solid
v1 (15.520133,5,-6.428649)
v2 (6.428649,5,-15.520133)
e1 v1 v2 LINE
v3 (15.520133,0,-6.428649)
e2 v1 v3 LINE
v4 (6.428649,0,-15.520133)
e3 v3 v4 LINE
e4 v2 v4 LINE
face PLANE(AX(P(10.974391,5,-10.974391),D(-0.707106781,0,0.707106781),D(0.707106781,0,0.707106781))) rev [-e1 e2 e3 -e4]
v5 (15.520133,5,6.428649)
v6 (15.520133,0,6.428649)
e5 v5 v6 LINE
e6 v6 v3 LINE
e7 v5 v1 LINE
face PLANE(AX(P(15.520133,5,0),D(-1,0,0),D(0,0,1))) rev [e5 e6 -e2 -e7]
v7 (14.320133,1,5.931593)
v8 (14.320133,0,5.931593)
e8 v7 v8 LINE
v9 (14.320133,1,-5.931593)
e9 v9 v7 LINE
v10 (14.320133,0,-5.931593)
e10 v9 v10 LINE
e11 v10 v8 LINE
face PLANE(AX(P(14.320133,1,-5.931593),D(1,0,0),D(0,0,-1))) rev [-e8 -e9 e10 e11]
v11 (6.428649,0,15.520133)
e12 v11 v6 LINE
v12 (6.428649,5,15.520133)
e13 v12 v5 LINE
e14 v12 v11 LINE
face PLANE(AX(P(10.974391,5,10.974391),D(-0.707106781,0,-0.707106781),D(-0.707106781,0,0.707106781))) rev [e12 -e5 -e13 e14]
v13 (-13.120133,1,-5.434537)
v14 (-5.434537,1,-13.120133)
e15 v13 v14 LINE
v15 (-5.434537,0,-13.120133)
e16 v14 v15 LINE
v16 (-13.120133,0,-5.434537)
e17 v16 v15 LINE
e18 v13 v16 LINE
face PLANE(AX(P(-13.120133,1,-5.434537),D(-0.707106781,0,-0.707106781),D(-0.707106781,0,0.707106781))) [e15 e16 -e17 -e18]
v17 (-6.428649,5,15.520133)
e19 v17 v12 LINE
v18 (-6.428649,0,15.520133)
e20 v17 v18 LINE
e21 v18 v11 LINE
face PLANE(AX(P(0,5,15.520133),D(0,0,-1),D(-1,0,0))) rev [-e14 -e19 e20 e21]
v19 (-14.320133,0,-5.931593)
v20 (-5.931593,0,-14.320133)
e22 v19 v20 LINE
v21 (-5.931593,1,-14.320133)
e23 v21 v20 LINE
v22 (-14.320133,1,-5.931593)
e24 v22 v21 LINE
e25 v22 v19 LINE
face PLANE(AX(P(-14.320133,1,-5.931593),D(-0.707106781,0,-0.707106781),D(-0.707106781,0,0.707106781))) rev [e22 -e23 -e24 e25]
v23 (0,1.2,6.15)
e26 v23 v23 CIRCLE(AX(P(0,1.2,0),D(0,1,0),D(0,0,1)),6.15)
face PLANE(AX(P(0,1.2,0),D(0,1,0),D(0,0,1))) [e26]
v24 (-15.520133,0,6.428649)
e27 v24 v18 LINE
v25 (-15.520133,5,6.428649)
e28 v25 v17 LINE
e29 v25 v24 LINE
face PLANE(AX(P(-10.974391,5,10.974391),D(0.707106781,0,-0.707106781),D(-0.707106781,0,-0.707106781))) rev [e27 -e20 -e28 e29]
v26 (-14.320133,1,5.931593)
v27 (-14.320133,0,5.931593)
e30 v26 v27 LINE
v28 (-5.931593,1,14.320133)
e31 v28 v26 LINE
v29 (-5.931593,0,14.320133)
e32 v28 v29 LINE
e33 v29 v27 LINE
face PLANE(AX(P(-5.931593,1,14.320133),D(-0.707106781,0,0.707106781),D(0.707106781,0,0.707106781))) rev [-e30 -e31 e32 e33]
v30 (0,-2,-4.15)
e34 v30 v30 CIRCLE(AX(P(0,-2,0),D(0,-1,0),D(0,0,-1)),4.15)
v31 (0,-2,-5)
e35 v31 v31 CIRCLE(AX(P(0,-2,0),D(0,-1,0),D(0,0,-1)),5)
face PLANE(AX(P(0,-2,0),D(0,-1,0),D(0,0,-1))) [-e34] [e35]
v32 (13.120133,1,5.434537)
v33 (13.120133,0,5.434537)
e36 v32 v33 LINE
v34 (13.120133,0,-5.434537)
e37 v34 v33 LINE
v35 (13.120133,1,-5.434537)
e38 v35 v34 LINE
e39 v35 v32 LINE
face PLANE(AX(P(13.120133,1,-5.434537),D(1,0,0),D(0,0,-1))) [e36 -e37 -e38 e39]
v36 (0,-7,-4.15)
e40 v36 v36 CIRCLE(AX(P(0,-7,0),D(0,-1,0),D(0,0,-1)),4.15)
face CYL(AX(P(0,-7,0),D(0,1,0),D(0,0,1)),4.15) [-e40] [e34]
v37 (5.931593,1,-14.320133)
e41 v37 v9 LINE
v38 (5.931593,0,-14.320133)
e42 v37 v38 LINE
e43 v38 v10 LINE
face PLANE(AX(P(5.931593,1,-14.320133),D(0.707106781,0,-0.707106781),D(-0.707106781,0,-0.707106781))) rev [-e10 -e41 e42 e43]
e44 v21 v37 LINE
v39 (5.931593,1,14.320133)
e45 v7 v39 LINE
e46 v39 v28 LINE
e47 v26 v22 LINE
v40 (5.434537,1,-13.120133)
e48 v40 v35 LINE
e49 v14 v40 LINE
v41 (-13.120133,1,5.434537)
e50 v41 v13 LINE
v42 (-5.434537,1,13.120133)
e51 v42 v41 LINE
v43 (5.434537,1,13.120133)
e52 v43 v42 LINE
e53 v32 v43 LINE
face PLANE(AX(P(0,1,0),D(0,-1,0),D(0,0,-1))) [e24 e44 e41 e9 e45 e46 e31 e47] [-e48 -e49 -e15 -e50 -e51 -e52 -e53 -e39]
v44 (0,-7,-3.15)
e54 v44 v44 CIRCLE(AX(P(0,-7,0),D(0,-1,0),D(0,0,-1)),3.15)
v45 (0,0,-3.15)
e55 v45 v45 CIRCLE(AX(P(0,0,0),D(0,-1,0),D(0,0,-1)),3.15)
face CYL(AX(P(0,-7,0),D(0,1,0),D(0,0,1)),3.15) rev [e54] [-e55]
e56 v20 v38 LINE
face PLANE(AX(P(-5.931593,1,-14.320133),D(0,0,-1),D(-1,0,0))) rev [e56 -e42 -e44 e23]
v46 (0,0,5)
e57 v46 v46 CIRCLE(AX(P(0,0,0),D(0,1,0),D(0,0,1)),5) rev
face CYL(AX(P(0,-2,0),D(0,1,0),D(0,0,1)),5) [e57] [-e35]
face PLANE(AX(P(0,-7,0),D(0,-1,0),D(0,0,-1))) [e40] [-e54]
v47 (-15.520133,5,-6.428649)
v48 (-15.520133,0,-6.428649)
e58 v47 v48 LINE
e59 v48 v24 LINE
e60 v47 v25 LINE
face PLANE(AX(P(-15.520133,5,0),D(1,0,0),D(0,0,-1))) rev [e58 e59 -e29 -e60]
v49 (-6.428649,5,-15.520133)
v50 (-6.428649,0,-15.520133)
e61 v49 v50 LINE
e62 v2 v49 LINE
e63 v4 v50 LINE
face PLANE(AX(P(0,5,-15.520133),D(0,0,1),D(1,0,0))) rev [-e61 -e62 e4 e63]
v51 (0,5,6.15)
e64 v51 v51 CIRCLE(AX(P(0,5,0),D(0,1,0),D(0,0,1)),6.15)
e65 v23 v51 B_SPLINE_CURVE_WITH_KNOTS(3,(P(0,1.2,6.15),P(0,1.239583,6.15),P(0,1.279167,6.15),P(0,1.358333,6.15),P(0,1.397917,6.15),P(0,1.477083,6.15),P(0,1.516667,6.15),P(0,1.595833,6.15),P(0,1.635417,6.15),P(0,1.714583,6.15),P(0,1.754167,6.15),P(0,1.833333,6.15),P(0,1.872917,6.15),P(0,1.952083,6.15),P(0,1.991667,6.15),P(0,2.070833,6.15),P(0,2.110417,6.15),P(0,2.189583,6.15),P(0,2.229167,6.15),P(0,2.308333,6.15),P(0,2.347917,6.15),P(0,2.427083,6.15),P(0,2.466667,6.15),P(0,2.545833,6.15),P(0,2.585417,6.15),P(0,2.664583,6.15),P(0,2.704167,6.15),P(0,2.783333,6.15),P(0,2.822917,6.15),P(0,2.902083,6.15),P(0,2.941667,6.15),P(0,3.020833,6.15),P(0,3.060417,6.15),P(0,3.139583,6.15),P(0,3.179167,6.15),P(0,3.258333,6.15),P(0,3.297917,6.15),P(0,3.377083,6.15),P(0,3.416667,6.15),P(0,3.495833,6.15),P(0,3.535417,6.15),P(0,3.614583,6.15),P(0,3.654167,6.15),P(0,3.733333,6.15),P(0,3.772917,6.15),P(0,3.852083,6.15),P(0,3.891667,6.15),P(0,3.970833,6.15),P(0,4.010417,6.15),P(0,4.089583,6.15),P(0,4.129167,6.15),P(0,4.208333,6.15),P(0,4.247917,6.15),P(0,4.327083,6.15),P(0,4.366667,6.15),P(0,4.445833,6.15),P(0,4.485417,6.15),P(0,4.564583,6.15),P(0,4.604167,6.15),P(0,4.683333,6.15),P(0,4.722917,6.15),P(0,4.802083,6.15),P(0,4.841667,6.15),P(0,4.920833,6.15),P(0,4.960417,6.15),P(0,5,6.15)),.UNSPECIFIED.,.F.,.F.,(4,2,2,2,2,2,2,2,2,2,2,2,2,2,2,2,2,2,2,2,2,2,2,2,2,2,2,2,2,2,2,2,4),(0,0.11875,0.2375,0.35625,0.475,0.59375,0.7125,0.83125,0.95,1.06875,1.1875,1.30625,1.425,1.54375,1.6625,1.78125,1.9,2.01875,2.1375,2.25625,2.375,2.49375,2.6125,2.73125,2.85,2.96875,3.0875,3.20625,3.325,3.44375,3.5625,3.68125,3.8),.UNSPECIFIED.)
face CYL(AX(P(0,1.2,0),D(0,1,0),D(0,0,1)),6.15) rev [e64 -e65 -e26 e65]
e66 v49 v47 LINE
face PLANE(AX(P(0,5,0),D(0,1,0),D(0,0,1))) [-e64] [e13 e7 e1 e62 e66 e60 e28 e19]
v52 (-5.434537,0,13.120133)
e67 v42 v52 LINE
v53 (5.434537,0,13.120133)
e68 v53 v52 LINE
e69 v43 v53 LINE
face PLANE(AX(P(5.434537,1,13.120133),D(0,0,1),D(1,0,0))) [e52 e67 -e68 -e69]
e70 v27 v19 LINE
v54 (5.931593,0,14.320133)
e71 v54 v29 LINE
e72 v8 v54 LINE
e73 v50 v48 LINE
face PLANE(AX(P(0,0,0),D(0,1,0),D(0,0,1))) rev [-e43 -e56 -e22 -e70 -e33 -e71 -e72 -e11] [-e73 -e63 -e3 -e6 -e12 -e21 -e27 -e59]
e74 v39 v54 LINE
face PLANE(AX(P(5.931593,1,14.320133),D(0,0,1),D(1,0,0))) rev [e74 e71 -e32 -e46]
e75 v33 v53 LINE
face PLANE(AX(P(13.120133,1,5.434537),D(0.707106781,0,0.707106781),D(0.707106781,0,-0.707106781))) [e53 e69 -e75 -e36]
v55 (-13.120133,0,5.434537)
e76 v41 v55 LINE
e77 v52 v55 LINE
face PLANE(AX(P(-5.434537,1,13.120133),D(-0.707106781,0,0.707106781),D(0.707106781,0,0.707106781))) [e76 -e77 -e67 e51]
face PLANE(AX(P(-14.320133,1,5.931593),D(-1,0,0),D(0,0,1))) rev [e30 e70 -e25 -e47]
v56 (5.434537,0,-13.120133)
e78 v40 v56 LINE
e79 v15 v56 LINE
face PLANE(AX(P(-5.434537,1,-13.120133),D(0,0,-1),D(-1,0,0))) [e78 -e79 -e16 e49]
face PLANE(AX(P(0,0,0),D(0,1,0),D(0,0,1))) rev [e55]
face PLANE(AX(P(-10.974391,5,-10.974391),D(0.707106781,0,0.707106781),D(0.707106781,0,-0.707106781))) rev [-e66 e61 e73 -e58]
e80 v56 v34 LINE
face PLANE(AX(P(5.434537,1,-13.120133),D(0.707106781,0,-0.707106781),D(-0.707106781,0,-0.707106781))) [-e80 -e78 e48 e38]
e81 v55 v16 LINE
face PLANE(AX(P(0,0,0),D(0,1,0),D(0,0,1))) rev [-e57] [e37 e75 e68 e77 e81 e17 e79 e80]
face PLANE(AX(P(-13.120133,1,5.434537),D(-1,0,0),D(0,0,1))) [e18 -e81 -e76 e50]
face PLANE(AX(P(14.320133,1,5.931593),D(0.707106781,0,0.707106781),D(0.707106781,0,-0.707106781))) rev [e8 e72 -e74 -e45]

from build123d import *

# Parameters (mm, degrees)
EXTRUDE_1_DEPTH     = 5
CUT_EXTRUDE_1_DEPTH = 1
SKETCH_6_R          = 6.15
CUT_EXTRUDE_2_DEPTH = 3.8
SKETCH_8_R          = 4.15
SKETCH_8_R_2        = 3.15
EXTRUDE_4_DEPTH     = 7
SKETCH_9_R          = 5
SKETCH_9_R_2        = 4.15
EXTRUDE_5_DEPTH     = 2


with BuildPart() as part:
    # 스케치1 → 보스-돌출1 (new body)
    with BuildSketch(Plane(origin=(0, 0, 0), x_dir=(1, 0, 0), z_dir=(0, 1, 0))):
        Polygon((15.520132754, 6.428649477), (6.428649477, 15.520132754), (-6.428649477, 15.520132754), (-15.520132754, 6.428649477), (-15.520132754, -6.428649477), (-6.428649477, -15.520132754), (6.428649477, -15.520132754), (15.520132754, -6.428649477), align=None)
        Polygon((5.931593202, 14.320132754), (-5.931593202, 14.320132754), (-14.320132754, 5.931593202), (-14.320132754, -5.931593202), (-5.931593202, -14.320132754), (5.931593202, -14.320132754), (14.320132754, -5.931593202), (14.320132754, 5.931593202), align=None, mode=Mode.SUBTRACT)
        Polygon((14.320132754, 5.931593202), (5.931593202, 14.320132754), (-5.931593202, 14.320132754), (-14.320132754, 5.931593202), (-14.320132754, -5.931593202), (-5.931593202, -14.320132754), (5.931593202, -14.320132754), (14.320132754, -5.931593202), align=None)
    extrude(amount=EXTRUDE_1_DEPTH)

    # 스케치3 → 컷-돌출1 (cut)
    with BuildSketch(Plane.XZ):
        Polygon((5.931593202, -14.320132754), (14.320132754, -5.931593202), (14.320132754, 5.931593202), (5.931593202, 14.320132754), (-5.931593202, 14.320132754), (-14.320132754, 5.931593202), (-14.320132754, -5.931593202), (-5.931593202, -14.320132754), align=None)
        Polygon((5.434536927, -13.120132754), (13.120132754, -5.434536927), (13.120132754, 5.434536927), (5.434536927, 13.120132754), (-5.434536927, 13.120132754), (-13.120132754, 5.434536927), (-13.120132754, -5.434536927), (-5.434536927, -13.120132754), align=None, mode=Mode.SUBTRACT)
    extrude(amount=-CUT_EXTRUDE_1_DEPTH, mode=Mode.SUBTRACT)

    # 스케치6 → 컷-돌출2 (cut)
    with BuildSketch(Plane(origin=(0, 5, 0), x_dir=(1, 0, 0), z_dir=(0, 1, 0))):
        with Locations(Location((0, 0, 0), (0, 0, 270))):
            Circle(SKETCH_6_R)
    extrude(amount=-CUT_EXTRUDE_2_DEPTH, mode=Mode.SUBTRACT)

    # 스케치8 → 보스-돌출4 (add)
    with BuildSketch(Plane.XZ):
        with Locations(Location((0, 0, 0), (0, 0, 90))):
            Circle(SKETCH_8_R)
        with Locations(Location((0, 0, 0), (0, 0, 270))):
            Circle(SKETCH_8_R_2, mode=Mode.SUBTRACT)
    extrude(amount=EXTRUDE_4_DEPTH)

    # 스케치9 → 보스-돌출5 (add)
    with BuildSketch(Plane.XZ):
        with Locations(Location((0, 0, 0), (0, 0, 90))):
            Circle(SKETCH_9_R)
        with Locations(Location((0, 0, 0), (0, 0, 270))):
            Circle(SKETCH_9_R_2, mode=Mode.SUBTRACT)
    extrude(amount=EXTRUDE_5_DEPTH)


solid = part.part
